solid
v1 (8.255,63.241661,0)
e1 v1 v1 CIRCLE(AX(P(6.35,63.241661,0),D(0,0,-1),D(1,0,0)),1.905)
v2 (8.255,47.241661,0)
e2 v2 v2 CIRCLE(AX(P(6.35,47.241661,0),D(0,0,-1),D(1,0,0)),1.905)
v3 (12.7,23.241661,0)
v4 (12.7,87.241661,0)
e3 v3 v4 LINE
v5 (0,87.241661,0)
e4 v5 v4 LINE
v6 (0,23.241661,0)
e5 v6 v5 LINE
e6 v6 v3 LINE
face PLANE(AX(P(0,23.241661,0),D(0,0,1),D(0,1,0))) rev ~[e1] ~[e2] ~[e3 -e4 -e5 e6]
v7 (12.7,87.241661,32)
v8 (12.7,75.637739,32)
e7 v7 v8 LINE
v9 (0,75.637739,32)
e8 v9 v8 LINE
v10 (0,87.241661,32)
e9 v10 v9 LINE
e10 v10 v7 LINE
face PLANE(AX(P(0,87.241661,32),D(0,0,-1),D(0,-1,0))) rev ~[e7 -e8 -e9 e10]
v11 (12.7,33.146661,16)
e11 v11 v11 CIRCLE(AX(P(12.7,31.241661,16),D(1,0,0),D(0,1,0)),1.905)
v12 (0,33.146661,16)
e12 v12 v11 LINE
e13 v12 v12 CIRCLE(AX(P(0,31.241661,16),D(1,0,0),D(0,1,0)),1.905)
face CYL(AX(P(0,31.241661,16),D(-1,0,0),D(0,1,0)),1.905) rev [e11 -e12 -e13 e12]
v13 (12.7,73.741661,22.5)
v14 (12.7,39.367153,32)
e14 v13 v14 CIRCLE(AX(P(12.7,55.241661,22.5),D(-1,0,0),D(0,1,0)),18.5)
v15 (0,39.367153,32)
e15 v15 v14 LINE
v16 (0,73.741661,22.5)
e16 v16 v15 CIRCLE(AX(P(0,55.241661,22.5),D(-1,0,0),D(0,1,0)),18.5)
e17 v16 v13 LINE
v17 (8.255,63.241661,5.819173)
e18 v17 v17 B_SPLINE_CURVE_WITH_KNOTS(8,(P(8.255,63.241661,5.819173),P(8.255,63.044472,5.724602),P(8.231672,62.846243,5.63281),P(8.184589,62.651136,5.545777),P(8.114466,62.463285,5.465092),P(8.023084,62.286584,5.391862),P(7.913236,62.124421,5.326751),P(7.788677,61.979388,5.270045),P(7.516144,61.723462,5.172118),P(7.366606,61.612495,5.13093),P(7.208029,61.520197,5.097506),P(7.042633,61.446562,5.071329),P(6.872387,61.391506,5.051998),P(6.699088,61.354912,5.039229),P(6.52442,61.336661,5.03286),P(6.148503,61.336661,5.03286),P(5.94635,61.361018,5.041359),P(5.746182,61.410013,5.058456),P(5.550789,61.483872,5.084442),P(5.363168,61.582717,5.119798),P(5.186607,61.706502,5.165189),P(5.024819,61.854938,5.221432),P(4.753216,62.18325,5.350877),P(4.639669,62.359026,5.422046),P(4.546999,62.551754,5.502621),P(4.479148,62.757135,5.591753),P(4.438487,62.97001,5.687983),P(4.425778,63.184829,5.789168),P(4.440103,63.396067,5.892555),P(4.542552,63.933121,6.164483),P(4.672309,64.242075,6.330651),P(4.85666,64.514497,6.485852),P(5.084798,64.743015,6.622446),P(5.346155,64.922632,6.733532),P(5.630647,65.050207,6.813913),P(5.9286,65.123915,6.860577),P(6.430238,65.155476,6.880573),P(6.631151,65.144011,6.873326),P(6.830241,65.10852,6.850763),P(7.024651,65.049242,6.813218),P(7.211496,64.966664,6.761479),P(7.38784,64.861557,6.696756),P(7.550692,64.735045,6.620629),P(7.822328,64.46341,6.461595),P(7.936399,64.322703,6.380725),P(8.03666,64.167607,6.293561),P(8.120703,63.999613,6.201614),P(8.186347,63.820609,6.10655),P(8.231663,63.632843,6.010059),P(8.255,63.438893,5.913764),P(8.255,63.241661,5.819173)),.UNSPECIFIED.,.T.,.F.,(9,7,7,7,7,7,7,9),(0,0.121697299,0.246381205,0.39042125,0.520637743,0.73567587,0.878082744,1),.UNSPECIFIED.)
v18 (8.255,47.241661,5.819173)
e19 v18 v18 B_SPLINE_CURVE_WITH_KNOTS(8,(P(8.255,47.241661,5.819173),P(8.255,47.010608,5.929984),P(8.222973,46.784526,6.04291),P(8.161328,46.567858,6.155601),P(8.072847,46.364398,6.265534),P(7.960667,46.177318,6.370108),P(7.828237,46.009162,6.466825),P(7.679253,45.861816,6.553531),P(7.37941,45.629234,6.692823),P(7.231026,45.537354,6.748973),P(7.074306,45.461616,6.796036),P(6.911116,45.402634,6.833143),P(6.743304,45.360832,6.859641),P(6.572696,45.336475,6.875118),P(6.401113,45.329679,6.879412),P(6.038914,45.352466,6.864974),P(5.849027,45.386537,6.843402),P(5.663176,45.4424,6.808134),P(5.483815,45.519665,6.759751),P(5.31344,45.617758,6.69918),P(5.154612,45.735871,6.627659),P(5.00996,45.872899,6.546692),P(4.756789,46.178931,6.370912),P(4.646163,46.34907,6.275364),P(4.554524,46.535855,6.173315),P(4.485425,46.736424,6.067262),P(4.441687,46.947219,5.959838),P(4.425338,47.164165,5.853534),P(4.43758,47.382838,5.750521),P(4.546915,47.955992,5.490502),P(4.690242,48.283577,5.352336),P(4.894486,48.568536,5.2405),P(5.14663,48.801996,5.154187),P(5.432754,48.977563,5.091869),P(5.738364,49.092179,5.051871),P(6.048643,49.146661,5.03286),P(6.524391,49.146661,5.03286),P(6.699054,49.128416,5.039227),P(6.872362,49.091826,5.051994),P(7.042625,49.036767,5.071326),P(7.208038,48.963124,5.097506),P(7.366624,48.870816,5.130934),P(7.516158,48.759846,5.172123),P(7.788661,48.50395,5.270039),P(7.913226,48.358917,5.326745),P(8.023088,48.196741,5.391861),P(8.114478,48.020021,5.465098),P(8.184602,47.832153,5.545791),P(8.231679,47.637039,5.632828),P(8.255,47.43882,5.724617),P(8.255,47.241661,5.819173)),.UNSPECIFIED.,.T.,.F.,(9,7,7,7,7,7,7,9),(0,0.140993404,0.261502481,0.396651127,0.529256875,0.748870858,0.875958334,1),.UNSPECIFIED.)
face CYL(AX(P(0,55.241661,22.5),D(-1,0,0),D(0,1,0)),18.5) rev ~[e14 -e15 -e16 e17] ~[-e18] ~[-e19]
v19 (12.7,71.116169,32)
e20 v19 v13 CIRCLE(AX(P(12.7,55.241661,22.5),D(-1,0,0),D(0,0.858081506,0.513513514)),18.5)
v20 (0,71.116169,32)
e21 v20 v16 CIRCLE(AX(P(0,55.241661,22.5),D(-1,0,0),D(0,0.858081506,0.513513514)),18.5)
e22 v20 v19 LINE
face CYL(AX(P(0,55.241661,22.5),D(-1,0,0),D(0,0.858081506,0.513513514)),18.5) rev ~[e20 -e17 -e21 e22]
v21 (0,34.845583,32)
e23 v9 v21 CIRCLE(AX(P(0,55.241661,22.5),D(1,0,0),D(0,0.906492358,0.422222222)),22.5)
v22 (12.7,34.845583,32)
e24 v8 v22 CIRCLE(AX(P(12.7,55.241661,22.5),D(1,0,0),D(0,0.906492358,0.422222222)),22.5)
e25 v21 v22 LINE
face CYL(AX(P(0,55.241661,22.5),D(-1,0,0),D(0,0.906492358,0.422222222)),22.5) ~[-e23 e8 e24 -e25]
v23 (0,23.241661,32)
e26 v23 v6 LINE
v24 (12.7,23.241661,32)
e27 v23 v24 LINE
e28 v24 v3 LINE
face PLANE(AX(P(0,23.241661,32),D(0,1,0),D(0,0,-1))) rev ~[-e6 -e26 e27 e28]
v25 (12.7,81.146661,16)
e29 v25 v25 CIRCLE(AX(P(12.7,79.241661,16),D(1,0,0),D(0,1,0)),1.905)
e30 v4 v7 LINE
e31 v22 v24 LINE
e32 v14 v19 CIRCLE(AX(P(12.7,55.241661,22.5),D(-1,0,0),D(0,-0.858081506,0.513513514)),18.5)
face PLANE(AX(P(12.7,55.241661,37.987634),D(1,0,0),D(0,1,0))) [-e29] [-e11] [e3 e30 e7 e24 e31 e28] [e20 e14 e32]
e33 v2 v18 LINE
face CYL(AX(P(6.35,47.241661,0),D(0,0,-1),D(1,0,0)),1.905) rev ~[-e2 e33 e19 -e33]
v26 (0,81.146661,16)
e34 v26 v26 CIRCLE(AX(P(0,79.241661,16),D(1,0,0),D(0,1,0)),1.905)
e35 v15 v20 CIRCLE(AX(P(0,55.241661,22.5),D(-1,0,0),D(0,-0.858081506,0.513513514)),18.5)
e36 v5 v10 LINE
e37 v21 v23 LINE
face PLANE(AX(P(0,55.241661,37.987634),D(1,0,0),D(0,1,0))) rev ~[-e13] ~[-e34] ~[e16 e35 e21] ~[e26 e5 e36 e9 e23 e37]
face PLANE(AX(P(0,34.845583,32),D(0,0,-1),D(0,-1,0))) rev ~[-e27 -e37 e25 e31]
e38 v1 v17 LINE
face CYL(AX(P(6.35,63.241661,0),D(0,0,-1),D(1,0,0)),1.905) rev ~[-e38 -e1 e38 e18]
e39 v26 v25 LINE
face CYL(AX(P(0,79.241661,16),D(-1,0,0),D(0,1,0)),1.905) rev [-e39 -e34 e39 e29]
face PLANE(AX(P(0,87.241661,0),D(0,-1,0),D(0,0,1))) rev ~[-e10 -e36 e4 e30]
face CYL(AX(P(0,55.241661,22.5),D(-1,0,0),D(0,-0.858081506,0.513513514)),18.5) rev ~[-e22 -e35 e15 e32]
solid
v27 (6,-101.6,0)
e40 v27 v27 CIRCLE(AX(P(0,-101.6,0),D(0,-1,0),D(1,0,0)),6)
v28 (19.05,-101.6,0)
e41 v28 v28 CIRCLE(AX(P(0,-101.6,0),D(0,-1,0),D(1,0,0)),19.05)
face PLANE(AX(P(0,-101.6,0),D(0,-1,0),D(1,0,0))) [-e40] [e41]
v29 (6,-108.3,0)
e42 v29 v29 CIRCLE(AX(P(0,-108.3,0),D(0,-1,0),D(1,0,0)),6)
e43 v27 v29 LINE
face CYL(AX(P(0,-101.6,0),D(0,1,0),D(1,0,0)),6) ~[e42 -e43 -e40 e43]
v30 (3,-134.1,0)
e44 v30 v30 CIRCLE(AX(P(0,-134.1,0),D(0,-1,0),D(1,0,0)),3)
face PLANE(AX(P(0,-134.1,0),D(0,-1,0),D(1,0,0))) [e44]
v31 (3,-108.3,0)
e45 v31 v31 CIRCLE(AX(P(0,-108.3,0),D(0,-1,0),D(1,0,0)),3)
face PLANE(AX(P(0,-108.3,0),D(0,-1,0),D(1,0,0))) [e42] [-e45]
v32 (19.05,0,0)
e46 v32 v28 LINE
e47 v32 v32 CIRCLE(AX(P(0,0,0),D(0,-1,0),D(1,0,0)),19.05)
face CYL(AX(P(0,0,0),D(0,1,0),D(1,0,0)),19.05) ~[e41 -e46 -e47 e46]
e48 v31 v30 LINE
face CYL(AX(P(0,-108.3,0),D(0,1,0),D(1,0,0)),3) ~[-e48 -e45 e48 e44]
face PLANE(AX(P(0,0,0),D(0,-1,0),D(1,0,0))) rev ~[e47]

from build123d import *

# Parameters (mm, degrees)
F0_R     = 19.05
F1_DEPTH = 101.6
F2_R     = 6
F3_DEPTH = 6.7
F4_R     = 3
F5_DEPTH = 25.8
F6_R     = 1.905
F7_DEPTH = 12.7
F8_R     = 1.905
F9_DEPTH = 6.8759889051


with BuildPart() as f1:
    # F0 (on Front) → F1 (new body)
    with BuildSketch(Plane.XZ):
        Circle(F0_R)
    extrude(amount=F1_DEPTH)

    # F2 (on face) → F3 (join)
    with BuildSketch(Plane.XZ.offset(101.6)):
        Circle(F2_R)
    extrude(amount=F3_DEPTH)

    # F4 (on face) → F5 (join)
    with BuildSketch(Plane.XZ.offset(108.3)):
        Circle(F4_R)
    extrude(amount=F5_DEPTH)


with BuildPart() as f7:
    # F6 (on Right) → F7 (new body)
    with BuildSketch(Plane.YZ):
        with BuildLine():
            ThreePointArc((75.6377390228, 32), (55.2416609685, 45), (34.8455829141, 32))
            Line((34.8455829141, 32), (39.3671531021, 32))
            ThreePointArc((39.3671531021, 32), (55.2416609685, 41), (71.1161688348, 32))
            Line((71.1161688348, 32), (75.6377390228, 32))
        make_face()
        with BuildLine():
            ThreePointArc((34.8455829141, 32), (36.2679950074, 10.4066133776), (55.2416609685, 0))
            ThreePointArc((55.2416609685, 0), (71.1515635452, 6.5900974233), (77.7416609685, 22.5))
            ThreePointArc((77.7416609685, 22.5), (77.2093845217, 27.3650921768), (75.6377390228, 32))
            Line((75.6377390228, 32), (71.1161688348, 32))
            ThreePointArc((71.1161688348, 32), (73.0732115955, 27.4280627265), (73.7416609685, 22.5))
            ThreePointArc((73.7416609685, 22.5), (50.313598242, 4.668449373), (39.3671531021, 32))
            Line((39.3671531021, 32), (34.8455829141, 32))
        make_face()
        with BuildLine():
            Line((23.2416609685, 32), (23.2416609685, 0))
            Line((23.2416609685, 0), (55.2416609685, 0))
            ThreePointArc((55.2416609685, 0), (36.2679950074, 10.4066133776), (34.8455829141, 32))
            Line((34.8455829141, 32), (23.2416609685, 32))
        make_face()
        with Locations((31.2416609685, 16)):
            Circle(F6_R, mode=Mode.SUBTRACT)
        with BuildLine():
            ThreePointArc((77.7416609685, 22.5), (71.1515635452, 6.5900974233), (55.2416609685, 0))
            Line((55.2416609685, 0), (87.2416609685, 0))
            Line((87.2416609685, 0), (87.2416609685, 32))
            Line((87.2416609685, 32), (75.6377390228, 32))
            ThreePointArc((75.6377390228, 32), (77.2093845217, 27.3650921768), (77.7416609685, 22.5))
        make_face()
        with Locations((79.2416609685, 16)):
            Circle(F6_R, mode=Mode.SUBTRACT)
    extrude(amount=F7_DEPTH)

    # F8 (on face) → F9 (cut, through all)
    with BuildSketch(Plane(origin=(0, 0, 0), x_dir=(1, 0, 0), z_dir=(0, 0, -1))):
        with Locations((6.35, -47.2416609685)):
            Circle(F8_R)
        with Locations((6.35, -63.2416609685)):
            Circle(F8_R)
    extrude(amount=-F9_DEPTH, mode=Mode.SUBTRACT)


solid = Compound([f1.part, f7.part])
